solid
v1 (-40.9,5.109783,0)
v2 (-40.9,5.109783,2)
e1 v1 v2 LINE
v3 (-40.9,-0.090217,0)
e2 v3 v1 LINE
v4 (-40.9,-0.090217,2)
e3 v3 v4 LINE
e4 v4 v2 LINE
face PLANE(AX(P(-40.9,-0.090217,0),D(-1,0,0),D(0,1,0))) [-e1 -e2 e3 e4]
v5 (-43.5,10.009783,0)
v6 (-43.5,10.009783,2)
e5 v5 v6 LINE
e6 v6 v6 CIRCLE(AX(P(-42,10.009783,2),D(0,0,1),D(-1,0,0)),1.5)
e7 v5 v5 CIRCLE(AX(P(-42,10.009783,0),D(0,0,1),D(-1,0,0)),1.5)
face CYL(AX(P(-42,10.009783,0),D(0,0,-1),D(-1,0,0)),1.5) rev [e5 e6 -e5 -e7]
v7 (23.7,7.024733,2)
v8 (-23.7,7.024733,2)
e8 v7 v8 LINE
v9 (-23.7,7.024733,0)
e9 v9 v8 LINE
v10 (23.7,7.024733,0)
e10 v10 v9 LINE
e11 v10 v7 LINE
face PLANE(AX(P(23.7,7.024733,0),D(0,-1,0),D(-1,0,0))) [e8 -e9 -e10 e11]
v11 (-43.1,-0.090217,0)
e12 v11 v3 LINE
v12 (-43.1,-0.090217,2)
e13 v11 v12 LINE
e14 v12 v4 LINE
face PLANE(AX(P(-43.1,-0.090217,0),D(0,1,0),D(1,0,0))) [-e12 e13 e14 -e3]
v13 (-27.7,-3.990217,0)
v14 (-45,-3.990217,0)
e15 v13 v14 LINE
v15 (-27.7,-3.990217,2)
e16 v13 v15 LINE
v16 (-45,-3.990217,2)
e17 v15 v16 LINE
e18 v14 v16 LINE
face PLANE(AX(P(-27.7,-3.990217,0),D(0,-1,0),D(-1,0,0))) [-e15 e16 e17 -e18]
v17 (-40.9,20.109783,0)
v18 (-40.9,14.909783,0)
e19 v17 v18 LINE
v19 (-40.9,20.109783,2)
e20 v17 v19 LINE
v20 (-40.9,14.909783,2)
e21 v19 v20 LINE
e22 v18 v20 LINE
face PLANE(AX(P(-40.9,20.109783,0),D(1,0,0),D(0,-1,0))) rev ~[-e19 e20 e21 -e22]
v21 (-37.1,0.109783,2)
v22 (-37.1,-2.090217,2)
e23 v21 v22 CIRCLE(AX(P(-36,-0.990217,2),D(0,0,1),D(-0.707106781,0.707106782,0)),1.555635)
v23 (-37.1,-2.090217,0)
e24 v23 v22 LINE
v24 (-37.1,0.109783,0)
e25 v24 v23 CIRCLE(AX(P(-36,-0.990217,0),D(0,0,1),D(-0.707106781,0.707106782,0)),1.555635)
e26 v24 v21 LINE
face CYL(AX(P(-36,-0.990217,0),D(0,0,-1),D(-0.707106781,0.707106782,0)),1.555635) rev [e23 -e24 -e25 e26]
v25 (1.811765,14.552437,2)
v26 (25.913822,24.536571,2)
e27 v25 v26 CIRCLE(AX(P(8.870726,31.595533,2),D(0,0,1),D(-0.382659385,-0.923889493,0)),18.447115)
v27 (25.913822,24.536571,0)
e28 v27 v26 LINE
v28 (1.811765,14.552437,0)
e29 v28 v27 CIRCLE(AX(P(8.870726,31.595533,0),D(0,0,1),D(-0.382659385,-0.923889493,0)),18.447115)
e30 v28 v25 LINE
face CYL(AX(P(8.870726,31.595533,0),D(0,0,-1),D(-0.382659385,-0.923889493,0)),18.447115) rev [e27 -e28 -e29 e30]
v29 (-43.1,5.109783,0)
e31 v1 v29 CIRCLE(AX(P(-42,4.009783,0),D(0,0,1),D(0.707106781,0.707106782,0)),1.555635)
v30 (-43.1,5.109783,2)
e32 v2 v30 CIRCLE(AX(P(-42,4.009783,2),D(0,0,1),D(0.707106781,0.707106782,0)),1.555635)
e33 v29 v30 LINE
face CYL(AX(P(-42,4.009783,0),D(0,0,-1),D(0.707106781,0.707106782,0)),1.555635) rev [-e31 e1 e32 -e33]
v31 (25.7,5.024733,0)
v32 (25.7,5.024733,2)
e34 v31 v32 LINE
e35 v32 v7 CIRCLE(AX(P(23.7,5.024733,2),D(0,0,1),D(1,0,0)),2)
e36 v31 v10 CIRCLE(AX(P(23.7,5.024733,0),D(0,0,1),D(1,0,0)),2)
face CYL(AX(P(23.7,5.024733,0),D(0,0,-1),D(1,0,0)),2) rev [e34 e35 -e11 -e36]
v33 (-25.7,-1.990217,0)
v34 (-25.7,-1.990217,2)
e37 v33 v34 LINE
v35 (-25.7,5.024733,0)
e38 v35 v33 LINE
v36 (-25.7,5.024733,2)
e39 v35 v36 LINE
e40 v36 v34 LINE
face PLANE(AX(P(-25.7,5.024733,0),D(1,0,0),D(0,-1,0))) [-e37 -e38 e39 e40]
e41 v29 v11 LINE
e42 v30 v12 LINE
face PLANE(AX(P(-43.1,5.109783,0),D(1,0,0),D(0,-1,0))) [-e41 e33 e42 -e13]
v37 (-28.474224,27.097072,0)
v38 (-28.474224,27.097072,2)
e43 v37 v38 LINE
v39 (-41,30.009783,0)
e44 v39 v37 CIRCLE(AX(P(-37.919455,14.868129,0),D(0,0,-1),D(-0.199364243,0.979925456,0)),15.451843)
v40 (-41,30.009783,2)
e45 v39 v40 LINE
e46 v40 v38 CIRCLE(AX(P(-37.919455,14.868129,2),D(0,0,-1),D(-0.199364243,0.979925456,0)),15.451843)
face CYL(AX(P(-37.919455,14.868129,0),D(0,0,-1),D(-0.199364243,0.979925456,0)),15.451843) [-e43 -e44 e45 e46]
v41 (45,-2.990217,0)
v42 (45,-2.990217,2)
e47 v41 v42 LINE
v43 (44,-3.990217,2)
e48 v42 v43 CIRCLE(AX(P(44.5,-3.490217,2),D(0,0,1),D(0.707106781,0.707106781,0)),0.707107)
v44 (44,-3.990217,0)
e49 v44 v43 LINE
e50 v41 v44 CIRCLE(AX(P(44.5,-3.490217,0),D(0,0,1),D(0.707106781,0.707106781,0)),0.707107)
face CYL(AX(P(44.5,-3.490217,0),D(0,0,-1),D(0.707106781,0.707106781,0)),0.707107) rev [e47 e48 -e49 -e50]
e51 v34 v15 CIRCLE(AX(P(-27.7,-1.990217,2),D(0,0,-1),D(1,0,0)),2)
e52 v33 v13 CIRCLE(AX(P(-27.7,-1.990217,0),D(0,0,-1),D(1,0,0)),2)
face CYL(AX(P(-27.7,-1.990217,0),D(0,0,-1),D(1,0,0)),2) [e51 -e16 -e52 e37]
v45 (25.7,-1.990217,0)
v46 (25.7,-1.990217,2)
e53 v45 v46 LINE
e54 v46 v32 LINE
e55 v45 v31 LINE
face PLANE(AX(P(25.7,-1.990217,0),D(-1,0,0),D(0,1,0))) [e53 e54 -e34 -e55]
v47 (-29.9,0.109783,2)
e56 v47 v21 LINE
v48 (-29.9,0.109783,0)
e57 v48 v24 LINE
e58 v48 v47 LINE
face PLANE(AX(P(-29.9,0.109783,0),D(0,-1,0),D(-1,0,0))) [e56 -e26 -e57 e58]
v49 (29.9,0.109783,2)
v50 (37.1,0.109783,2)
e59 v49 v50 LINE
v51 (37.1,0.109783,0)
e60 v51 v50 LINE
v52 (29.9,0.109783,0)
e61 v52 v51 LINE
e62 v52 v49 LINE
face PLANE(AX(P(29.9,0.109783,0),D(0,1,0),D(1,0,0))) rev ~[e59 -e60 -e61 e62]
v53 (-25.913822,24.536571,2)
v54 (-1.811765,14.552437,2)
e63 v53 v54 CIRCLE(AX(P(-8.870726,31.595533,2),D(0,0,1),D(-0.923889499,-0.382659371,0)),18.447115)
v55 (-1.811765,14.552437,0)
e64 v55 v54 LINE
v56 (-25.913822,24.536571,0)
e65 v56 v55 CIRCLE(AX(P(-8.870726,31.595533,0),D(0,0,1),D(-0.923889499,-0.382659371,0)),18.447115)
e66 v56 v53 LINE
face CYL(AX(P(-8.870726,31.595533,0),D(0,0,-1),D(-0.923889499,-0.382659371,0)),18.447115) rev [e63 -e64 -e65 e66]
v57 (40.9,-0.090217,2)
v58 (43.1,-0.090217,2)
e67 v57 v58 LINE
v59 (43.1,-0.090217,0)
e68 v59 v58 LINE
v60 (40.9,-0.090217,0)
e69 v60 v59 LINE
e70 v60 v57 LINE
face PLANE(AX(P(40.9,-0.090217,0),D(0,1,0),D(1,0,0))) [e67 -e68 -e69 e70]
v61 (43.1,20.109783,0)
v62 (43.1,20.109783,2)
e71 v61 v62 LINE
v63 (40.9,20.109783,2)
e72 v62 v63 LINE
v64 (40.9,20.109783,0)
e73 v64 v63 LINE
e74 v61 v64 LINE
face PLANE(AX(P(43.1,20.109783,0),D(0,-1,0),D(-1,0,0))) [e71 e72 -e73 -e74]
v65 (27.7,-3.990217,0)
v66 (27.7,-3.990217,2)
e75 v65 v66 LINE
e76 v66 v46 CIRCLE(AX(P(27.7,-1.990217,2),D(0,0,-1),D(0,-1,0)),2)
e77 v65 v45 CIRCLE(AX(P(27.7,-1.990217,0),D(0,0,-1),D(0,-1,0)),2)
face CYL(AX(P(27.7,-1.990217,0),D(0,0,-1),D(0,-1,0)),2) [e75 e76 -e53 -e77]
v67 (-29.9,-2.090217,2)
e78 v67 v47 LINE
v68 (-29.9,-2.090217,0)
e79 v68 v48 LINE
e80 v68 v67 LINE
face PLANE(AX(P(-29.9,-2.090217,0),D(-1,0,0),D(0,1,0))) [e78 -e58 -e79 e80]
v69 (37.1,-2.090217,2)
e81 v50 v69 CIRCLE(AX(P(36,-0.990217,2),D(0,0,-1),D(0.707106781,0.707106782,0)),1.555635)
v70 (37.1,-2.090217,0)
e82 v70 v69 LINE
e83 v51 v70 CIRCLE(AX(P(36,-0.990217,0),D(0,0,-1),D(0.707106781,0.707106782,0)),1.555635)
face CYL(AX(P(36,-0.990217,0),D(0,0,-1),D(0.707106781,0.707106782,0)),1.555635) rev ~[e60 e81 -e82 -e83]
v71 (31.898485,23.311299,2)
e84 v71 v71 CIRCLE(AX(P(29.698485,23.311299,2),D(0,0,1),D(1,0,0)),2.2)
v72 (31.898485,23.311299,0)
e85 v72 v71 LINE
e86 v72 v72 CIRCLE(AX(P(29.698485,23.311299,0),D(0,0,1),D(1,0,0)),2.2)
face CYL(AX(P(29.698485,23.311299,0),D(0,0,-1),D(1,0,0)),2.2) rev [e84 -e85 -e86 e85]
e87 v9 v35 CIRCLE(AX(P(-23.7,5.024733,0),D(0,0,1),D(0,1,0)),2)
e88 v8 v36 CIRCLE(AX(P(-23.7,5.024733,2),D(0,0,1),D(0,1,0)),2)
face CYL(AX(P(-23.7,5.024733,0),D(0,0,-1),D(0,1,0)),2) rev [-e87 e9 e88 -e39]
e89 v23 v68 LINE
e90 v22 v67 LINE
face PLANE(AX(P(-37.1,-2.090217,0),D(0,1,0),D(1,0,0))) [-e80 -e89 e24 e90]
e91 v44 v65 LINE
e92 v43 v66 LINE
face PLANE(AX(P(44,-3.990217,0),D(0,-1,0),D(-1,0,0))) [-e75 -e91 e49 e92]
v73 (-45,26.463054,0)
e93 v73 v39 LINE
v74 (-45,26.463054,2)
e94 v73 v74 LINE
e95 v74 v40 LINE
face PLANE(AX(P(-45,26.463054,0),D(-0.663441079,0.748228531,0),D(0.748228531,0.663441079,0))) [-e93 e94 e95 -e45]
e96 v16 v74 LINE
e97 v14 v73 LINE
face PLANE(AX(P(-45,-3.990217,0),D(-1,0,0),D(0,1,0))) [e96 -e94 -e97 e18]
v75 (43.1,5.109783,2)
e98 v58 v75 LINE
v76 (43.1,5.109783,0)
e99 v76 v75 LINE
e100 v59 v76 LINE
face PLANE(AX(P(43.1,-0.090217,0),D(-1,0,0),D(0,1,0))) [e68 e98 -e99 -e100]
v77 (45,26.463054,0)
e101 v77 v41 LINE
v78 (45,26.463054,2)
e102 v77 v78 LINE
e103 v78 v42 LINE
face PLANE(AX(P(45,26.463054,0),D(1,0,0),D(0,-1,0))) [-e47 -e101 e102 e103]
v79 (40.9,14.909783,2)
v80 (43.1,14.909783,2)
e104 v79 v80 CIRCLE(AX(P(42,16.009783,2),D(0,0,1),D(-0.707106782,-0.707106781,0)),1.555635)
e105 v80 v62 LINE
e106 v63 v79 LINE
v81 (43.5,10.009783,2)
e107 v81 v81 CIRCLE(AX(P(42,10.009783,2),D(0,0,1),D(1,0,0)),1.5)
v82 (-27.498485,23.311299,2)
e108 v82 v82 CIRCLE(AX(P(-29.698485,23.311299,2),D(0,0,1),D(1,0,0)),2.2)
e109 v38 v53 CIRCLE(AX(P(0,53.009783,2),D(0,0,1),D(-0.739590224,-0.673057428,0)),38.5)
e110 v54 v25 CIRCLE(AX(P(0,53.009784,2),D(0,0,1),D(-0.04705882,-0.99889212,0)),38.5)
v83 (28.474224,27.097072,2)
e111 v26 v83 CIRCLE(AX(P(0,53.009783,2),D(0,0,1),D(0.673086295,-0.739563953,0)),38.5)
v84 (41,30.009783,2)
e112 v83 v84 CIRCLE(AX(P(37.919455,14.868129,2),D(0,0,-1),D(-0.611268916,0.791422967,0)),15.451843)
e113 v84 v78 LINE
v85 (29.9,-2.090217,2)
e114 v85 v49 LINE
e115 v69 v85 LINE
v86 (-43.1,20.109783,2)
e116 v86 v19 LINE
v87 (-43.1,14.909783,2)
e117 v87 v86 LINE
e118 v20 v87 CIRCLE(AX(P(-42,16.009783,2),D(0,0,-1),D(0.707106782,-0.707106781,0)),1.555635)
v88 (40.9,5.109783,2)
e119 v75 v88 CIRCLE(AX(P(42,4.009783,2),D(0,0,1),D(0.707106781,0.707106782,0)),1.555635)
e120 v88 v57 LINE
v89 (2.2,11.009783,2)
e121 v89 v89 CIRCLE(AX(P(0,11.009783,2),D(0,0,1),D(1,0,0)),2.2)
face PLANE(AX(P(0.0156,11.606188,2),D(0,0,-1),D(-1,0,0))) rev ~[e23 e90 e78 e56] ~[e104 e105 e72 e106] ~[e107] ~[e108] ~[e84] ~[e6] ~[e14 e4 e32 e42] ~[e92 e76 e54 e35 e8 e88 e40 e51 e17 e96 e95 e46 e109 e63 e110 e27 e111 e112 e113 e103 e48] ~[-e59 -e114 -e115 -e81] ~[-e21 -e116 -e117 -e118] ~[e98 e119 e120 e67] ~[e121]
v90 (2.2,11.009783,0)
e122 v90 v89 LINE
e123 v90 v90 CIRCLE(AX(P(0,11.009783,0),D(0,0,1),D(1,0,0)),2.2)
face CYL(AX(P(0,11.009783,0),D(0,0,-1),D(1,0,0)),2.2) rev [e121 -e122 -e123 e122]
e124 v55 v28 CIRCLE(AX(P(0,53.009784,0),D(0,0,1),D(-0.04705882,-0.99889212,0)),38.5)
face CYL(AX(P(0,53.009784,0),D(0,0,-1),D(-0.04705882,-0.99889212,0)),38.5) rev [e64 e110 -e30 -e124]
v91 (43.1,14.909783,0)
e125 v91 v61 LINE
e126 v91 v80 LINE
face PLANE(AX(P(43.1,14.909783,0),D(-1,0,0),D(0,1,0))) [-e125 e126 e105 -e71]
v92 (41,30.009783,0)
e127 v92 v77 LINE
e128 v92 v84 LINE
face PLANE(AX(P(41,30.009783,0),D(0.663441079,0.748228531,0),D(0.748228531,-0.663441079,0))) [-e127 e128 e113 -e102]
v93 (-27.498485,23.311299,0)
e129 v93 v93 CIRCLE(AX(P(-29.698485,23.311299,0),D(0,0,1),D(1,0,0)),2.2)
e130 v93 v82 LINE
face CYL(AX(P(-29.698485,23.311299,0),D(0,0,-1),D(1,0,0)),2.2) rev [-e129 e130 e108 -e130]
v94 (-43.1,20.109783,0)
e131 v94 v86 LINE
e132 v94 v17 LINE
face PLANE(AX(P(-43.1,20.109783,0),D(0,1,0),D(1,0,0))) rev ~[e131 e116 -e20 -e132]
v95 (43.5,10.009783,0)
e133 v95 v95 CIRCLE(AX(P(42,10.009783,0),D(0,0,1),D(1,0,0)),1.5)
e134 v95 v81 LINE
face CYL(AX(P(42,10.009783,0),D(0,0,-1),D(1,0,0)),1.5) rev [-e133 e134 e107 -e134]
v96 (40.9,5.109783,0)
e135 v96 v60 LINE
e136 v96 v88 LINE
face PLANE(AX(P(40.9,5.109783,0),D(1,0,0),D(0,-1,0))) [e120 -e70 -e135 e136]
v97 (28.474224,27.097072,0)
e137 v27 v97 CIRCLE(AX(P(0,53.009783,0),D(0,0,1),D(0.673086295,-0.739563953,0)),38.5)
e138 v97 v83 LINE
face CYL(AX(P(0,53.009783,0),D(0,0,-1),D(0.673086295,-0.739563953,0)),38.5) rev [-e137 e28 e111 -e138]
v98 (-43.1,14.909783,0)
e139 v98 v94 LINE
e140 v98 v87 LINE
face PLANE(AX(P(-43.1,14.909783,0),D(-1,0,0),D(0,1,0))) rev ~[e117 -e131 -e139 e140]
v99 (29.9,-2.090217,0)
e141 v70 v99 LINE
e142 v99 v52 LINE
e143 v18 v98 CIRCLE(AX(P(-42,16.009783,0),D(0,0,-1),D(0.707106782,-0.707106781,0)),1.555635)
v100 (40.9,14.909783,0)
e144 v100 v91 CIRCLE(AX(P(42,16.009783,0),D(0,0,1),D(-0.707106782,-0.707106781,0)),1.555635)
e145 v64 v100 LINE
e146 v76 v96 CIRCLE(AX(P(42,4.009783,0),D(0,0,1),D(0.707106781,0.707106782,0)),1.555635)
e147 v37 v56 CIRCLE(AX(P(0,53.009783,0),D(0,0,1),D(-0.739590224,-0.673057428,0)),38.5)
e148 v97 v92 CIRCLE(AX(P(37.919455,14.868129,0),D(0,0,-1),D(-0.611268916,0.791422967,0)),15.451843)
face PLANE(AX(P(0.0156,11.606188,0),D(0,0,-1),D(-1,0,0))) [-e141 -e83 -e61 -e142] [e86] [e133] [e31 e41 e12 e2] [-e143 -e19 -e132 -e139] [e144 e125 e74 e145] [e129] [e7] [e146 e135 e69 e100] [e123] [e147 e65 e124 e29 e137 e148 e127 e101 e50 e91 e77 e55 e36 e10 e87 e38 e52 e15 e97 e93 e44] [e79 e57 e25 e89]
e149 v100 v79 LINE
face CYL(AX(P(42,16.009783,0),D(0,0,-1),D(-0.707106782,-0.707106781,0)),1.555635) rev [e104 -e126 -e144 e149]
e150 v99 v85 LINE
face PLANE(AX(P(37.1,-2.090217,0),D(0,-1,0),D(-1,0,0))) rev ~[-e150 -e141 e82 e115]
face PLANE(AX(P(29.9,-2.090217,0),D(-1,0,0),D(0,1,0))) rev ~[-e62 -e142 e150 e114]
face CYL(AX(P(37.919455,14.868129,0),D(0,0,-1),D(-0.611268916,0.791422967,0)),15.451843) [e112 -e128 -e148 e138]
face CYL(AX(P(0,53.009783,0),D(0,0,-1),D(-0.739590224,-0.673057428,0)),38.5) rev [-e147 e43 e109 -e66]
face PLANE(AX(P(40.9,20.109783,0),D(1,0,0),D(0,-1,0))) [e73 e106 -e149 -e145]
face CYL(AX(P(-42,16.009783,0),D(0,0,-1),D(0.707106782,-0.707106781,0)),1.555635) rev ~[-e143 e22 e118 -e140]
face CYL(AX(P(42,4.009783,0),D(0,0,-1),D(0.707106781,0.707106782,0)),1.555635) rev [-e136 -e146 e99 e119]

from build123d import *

# Parameters (mm, degrees)
SKETCH_3_R      = 1.5
SKETCH_3_R_2    = 2.2
EXTRUDE_1_DEPTH = 2


with BuildPart() as part:
    # 草图3 → 凸台-拉伸1 (new body)
    with BuildSketch(Plane.XY):
        with BuildLine():
            Line((-41, -3.990216685), (-42, -3.990216685))
            Line((-42, -3.990216685), (-44, -3.990216685))
            Line((-44, -3.990216685), (-45, -3.990216685))
            Line((-45, -3.990216685), (-45, 5.009783315))
            Line((-45, 5.009783315), (-45, 15.009783315))
            Line((-45, 15.009783315), (-45, 26.463053661))
            Line((-45, 26.463053661), (-41, 30.009783315))
            ThreePointArc((-41, 30.009783315), (-34.419700864, 29.918417158), (-28.474223712, 27.097072458))
            ThreePointArc((-28.474223712, 27.097072458), (-27.224142461, 25.786703646), (-25.913822442, 24.53657125))
            ThreePointArc((-25.913822442, 24.53657125), (-15.930575492, 14.552804361), (-1.811764606, 14.552436817))
            ThreePointArc((-1.811764606, 14.552436817), (0, 14.509783437), (1.811764606, 14.552436817))
            ThreePointArc((1.811764606, 14.552436817), (15.930575492, 14.552804361), (25.913822442, 24.53657125))
            ThreePointArc((25.913822442, 24.53657125), (27.224142461, 25.786703646), (28.474223712, 27.097072458))
            ThreePointArc((28.474223712, 27.097072458), (34.419700864, 29.918417158), (41, 30.009783315))
            Line((41, 30.009783315), (45, 26.463053661))
            Line((45, 26.463053661), (45, 15.009783315))
            Line((45, 15.009783315), (45, 5.009783315))
            Line((45, 5.009783315), (45, -2.990216685))
            ThreePointArc((45, -2.990216685), (44, -2.990216685), (44, -3.990216685))
            Line((44, -3.990216685), (41, -3.990216685))
            Line((41, -3.990216685), (27.7, -3.990216685))
            ThreePointArc((27.7, -3.990216685), (26.285786438, -3.404430248), (25.7, -1.990216685))
            Line((25.7, -1.990216685), (25.7, 5.024732502))
            ThreePointArc((25.7, 5.024732502), (25.114213562, 6.438946065), (23.7, 7.024732502))
            Line((23.7, 7.024732502), (-23.7, 7.024732502))
            ThreePointArc((-23.7, 7.024732502), (-25.114213562, 6.438946065), (-25.7, 5.024732502))
            Line((-25.7, 5.024732502), (-25.7, -1.990216685))
            ThreePointArc((-25.7, -1.990216685), (-26.285786438, -3.404430248), (-27.7, -3.990216685))
            Line((-27.7, -3.990216685), (-41, -3.990216685))
        make_face()
        with Locations((42, 10.009783315)):
            Circle(SKETCH_3_R, mode=Mode.SUBTRACT)
        with Locations(Location((-42, 10.009783315, 0), (0, 0, 180))):
            Circle(SKETCH_3_R, mode=Mode.SUBTRACT)
        with Locations((0, 11.009783312)):
            Circle(SKETCH_3_R_2, mode=Mode.SUBTRACT)
        with Locations((-29.69848481, 23.311298502)):
            Circle(SKETCH_3_R_2, mode=Mode.SUBTRACT)
        with Locations((29.69848481, 23.311298502)):
            Circle(SKETCH_3_R_2, mode=Mode.SUBTRACT)
        with BuildLine():
            Line((-37.1, -2.090216685), (-29.9, -2.090216685))
            Line((-29.9, -2.090216685), (-29.9, 0.109783315))
            Line((-29.9, 0.109783315), (-37.1, 0.109783315))
            ThreePointArc((-37.1, 0.109783315), (-37.555634919, -0.990216685), (-37.1, -2.090216685))
        make_face(mode=Mode.SUBTRACT)
        with BuildLine():
            Line((29.9, -2.090216685), (29.9, 0.109783315))
            Line((29.9, 0.109783315), (37.1, 0.109783315))
            ThreePointArc((37.1, 0.109783315), (37.555634919, -0.990216685), (37.1, -2.090216685))
            Line((37.1, -2.090216685), (29.9, -2.090216685))
        make_face(mode=Mode.SUBTRACT)
        with BuildLine():
            Line((-43.1, 5.109783315), (-43.1, -0.090216685))
            Line((-43.1, -0.090216685), (-40.9, -0.090216685))
            Line((-40.9, -0.090216685), (-40.9, 5.109783315))
            ThreePointArc((-40.9, 5.109783315), (-42, 5.565418233), (-43.1, 5.109783315))
        make_face(mode=Mode.SUBTRACT)
        with BuildLine():
            Line((-43.1, 20.109783315), (-40.9, 20.109783315))
            Line((-40.9, 20.109783315), (-40.9, 14.909783315))
            ThreePointArc((-40.9, 14.909783315), (-42, 14.454148396), (-43.1, 14.909783315))
            Line((-43.1, 14.909783315), (-43.1, 20.109783315))
        make_face(mode=Mode.SUBTRACT)
        with BuildLine():
            Line((40.9, 20.109783315), (40.9, 14.909783315))
            ThreePointArc((40.9, 14.909783315), (42, 14.454148396), (43.1, 14.909783315))
            Line((43.1, 14.909783315), (43.1, 20.109783315))
            Line((43.1, 20.109783315), (40.9, 20.109783315))
        make_face(mode=Mode.SUBTRACT)
        with BuildLine():
            Line((40.9, 5.109783315), (40.9, -0.090216685))
            Line((40.9, -0.090216685), (43.1, -0.090216685))
            Line((43.1, -0.090216685), (43.1, 5.109783315))
            ThreePointArc((43.1, 5.109783315), (42, 5.565418233), (40.9, 5.109783315))
        make_face(mode=Mode.SUBTRACT)
    extrude(amount=EXTRUDE_1_DEPTH)


solid = part.part
